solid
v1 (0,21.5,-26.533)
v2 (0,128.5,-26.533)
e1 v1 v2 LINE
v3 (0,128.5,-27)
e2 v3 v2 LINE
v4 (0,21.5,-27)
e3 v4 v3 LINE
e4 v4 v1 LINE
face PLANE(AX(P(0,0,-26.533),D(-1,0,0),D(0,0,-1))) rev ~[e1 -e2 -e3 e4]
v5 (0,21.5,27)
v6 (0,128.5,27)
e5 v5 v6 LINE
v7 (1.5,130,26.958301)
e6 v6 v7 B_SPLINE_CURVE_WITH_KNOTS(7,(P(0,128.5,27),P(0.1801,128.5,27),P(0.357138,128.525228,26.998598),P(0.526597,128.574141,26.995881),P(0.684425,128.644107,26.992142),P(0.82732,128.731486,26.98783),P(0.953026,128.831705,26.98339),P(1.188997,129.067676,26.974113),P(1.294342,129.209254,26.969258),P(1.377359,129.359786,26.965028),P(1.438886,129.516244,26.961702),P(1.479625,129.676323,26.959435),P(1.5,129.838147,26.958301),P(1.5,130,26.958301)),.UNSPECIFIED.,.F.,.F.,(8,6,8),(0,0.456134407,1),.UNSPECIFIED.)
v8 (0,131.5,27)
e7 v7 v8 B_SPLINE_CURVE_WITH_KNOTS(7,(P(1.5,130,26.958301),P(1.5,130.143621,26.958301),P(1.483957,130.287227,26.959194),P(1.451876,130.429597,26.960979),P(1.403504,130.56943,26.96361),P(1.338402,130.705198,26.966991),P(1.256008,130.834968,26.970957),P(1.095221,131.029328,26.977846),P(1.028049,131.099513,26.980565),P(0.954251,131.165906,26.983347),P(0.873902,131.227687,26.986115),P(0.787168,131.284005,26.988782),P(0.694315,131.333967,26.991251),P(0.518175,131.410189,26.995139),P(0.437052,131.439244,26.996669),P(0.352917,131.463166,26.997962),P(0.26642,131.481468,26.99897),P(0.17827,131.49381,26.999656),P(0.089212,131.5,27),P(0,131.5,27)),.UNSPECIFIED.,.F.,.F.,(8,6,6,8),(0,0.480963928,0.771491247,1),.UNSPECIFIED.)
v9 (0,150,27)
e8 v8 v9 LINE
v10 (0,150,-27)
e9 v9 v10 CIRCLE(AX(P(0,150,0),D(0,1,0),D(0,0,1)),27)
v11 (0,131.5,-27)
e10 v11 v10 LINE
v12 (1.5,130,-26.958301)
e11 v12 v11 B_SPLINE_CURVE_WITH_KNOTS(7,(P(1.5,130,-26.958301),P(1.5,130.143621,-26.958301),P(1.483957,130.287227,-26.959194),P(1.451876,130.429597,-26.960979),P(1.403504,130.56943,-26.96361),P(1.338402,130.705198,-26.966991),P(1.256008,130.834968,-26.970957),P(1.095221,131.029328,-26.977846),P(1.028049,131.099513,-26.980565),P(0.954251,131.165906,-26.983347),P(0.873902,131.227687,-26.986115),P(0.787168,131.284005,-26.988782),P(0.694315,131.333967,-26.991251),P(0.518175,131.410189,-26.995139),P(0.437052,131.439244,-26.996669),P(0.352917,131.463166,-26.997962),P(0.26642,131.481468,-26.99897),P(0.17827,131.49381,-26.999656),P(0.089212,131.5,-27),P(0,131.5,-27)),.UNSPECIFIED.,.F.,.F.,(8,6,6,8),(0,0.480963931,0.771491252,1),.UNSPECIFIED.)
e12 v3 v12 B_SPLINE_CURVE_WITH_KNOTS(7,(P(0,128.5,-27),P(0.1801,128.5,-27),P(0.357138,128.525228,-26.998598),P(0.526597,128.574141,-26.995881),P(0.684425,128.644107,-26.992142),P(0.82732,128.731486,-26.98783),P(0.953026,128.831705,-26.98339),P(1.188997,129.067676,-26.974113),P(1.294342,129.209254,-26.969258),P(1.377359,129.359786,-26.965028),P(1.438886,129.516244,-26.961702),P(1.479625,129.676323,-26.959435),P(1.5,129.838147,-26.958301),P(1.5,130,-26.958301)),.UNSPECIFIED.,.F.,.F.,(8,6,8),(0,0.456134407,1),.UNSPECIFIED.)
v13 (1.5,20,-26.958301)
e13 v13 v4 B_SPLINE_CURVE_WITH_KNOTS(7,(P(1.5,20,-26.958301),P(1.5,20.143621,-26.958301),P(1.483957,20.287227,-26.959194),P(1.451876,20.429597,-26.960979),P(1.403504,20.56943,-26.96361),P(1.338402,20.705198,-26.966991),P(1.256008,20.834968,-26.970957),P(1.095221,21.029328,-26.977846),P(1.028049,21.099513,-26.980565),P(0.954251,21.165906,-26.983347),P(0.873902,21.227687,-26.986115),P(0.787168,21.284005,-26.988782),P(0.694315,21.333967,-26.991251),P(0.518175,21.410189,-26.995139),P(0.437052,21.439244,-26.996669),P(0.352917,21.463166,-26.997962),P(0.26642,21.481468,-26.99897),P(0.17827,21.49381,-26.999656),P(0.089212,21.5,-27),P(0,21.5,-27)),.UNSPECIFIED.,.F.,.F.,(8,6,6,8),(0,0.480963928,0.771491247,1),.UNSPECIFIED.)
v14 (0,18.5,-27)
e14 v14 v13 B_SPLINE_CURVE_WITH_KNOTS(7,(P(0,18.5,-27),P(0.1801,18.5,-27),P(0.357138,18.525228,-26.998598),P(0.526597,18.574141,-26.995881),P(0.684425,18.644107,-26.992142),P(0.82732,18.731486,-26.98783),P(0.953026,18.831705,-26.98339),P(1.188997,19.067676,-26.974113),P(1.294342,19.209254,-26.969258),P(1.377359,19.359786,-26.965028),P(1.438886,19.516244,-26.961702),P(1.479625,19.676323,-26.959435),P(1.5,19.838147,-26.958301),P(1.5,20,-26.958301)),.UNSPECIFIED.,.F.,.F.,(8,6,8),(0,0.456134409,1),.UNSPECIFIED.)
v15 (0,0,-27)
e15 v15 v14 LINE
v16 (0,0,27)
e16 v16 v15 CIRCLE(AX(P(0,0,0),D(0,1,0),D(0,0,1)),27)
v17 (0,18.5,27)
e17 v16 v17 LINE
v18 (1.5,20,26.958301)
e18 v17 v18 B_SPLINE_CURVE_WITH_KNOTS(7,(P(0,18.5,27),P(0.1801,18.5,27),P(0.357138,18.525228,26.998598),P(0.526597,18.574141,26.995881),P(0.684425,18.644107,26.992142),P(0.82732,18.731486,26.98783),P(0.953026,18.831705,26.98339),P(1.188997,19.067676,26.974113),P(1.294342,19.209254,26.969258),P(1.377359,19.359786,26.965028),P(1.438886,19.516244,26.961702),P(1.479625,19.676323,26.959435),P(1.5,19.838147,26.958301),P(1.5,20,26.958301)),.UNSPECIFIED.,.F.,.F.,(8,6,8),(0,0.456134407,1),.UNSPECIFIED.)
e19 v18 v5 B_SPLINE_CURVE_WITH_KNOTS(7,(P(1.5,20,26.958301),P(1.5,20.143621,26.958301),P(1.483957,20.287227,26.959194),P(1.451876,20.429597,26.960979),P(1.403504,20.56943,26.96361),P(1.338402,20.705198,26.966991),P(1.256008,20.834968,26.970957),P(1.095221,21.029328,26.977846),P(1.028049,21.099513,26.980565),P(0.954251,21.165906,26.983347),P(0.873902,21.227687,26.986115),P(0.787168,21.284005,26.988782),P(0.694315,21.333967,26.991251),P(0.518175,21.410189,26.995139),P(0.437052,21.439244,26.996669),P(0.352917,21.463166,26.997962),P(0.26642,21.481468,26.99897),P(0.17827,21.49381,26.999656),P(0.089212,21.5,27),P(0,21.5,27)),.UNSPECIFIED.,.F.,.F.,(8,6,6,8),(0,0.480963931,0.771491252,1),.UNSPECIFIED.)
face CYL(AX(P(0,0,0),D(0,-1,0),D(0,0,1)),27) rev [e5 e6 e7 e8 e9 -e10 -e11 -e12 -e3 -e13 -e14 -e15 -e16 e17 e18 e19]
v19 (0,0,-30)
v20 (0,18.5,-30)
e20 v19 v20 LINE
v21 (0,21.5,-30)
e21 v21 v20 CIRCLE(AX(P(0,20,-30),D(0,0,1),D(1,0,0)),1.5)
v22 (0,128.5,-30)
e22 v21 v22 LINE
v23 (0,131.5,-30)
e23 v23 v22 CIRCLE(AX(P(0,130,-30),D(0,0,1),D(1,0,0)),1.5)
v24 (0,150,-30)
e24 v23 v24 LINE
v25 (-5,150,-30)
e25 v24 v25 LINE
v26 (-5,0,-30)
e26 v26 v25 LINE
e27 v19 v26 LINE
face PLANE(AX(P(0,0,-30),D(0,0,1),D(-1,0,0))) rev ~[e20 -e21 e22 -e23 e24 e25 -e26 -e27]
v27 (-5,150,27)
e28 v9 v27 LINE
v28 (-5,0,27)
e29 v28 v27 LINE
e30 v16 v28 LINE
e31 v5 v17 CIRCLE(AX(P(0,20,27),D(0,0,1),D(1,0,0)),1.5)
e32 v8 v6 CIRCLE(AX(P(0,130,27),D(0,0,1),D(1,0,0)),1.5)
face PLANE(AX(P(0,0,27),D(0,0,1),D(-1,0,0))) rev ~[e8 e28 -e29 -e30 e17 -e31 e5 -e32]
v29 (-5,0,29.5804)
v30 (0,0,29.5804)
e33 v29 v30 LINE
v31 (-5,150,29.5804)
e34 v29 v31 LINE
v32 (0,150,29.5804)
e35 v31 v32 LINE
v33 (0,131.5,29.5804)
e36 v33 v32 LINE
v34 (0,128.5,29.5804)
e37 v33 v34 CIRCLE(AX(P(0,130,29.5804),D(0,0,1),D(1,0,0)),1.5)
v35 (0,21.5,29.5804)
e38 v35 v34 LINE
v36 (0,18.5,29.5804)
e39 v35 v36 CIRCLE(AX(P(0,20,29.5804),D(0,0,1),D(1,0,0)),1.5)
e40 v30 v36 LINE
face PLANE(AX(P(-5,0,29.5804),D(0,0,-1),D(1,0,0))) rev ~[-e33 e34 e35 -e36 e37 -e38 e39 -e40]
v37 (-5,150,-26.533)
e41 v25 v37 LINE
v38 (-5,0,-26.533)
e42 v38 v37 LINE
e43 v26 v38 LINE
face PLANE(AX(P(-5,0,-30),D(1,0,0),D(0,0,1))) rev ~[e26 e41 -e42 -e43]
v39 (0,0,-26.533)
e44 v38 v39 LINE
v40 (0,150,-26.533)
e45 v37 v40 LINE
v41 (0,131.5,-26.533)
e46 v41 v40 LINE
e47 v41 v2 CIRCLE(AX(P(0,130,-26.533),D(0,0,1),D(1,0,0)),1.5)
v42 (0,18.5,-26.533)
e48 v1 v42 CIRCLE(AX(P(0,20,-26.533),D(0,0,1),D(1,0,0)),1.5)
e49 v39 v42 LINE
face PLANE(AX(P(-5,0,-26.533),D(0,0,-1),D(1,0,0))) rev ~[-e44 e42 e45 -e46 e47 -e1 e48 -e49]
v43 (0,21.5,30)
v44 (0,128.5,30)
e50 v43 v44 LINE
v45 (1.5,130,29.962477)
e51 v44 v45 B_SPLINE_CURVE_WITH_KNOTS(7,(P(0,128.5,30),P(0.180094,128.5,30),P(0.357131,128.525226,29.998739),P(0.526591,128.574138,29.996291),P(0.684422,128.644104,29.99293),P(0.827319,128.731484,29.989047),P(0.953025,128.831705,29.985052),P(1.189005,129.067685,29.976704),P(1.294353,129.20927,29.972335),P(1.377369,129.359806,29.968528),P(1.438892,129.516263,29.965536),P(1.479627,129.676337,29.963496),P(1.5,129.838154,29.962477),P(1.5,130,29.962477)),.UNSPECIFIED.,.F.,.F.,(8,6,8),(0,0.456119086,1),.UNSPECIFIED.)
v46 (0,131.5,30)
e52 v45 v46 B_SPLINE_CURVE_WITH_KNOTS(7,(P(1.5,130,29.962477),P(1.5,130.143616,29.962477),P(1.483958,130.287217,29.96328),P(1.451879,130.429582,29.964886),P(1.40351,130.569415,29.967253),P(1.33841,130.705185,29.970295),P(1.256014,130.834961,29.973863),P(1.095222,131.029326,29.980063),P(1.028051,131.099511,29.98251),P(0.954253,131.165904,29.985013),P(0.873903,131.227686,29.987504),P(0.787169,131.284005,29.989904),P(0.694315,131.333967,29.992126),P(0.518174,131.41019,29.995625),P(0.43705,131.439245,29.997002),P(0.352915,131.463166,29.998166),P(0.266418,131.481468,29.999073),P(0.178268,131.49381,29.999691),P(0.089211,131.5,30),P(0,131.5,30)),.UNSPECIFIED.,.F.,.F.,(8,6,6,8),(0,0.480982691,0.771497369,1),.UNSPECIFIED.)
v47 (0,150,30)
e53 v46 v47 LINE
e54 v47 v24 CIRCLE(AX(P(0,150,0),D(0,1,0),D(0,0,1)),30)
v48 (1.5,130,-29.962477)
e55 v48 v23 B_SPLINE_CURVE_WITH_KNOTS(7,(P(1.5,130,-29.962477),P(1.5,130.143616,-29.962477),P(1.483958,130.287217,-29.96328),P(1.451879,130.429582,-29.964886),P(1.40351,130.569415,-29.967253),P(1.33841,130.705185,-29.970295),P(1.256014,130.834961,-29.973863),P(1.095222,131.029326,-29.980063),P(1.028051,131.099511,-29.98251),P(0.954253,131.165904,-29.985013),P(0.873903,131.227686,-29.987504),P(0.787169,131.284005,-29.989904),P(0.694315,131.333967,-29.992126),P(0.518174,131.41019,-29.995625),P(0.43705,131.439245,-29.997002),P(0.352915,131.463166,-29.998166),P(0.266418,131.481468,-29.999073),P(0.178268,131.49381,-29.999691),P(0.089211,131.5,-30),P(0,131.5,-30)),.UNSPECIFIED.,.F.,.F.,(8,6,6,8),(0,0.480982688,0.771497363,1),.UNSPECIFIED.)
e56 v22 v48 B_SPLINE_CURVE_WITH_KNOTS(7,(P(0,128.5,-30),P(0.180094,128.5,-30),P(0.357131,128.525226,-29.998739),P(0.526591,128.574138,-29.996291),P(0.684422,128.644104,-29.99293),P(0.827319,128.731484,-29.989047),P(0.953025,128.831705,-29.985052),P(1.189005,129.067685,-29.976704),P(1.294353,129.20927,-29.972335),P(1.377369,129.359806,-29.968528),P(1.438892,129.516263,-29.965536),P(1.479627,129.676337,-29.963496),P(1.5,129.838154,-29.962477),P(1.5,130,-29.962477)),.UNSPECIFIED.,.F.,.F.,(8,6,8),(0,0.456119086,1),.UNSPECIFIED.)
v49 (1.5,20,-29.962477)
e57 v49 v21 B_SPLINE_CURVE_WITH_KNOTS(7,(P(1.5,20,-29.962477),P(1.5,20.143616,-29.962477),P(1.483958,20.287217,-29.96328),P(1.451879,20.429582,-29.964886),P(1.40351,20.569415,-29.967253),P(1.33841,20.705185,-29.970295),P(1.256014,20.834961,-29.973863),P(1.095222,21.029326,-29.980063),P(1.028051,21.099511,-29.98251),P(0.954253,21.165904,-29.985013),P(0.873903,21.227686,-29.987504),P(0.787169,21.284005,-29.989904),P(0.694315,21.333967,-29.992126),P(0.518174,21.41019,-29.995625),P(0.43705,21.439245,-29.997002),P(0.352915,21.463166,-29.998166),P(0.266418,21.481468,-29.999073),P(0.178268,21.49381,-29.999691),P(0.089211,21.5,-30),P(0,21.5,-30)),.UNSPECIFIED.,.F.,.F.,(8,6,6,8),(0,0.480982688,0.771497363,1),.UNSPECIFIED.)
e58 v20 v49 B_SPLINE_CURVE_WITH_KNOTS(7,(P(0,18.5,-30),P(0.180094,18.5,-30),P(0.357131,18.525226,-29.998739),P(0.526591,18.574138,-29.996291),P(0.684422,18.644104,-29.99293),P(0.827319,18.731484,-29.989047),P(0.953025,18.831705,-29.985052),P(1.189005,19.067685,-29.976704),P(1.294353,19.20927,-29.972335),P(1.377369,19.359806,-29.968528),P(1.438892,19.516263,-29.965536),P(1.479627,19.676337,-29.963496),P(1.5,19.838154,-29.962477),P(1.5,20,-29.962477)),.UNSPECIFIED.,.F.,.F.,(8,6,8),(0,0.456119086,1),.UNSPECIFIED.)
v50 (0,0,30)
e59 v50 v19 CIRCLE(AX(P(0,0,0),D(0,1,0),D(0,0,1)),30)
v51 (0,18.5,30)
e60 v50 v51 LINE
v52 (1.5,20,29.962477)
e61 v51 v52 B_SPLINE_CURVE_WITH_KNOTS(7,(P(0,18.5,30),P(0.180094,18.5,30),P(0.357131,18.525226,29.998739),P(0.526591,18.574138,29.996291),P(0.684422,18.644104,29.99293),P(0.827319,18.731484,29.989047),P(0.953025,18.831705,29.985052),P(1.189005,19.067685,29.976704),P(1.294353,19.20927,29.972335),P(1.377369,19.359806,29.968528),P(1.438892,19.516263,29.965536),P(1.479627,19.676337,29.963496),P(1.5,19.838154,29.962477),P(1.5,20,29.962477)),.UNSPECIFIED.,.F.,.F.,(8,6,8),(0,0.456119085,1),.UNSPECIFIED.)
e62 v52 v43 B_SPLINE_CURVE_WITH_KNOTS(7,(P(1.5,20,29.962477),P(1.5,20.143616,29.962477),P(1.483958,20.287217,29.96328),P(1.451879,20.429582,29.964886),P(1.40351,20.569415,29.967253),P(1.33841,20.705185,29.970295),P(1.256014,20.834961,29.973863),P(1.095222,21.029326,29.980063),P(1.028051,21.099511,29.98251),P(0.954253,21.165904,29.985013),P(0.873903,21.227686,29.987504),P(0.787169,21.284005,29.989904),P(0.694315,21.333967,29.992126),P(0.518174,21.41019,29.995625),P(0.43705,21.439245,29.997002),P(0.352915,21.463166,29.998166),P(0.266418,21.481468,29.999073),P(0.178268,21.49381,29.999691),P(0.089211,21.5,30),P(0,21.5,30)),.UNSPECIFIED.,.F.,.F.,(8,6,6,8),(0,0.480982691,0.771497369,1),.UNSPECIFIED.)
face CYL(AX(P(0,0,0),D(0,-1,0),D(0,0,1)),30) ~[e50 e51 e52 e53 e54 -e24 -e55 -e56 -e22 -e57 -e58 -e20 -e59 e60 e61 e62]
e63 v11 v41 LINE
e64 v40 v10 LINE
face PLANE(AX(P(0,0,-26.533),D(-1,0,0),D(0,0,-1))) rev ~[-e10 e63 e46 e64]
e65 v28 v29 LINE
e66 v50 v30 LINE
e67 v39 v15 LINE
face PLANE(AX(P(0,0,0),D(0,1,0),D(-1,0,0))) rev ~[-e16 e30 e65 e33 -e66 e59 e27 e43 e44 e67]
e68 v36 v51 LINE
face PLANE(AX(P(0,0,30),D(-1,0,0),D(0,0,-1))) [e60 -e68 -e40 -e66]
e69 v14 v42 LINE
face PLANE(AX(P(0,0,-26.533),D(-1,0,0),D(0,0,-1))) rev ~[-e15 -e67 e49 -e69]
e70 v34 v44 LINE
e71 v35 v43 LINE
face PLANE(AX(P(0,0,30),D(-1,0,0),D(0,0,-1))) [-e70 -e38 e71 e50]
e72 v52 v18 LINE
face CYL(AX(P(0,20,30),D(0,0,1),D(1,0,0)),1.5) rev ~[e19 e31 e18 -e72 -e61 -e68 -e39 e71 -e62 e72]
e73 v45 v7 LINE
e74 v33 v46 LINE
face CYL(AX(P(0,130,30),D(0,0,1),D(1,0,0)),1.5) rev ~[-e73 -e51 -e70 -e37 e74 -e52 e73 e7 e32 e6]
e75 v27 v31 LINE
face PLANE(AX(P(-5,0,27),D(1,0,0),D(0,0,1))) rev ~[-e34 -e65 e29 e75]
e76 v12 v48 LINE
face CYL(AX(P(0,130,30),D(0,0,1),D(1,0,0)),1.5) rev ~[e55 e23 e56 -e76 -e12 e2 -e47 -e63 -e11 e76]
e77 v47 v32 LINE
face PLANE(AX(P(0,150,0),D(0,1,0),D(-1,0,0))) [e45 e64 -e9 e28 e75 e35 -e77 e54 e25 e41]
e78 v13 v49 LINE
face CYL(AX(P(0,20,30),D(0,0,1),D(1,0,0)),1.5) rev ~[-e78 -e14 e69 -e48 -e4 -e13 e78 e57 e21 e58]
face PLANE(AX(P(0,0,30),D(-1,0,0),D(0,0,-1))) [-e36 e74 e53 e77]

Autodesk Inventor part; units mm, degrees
ref_plane "YZ Plane" through (0, 0, 0) normal (1, 0, 0) x (0, 1, 0)
sketch "Sketch1" plane through (0, 0, 0) normal (0, 1, 0) x (-1, 0, 0)
  arc A0 (0, 27) -> (0, -27) centre (0, 0) ccw
  arc A1 (0, 30) -> (0, -30) centre (0, 0) ccw
  line L0 (0, 30) -> (0, 27)
  line L1 (0, -27) -> (0, -30)
  line L2 (0, -30) -> (5, -30)
  line L3 (5, -30) -> (5, -26.533)
  line L4 (5, -26.533) -> (0, -26.533)
  line L5 (0, -26.533) -> (0, -30)
  line L6 (0, 27) -> (5, 27)
  line L7 (5, 27) -> (5, 29.5804)
  line L8 (5, 29.5804) -> (0, 29.5804)
  line L9 (0, 29.5804) -> (0, 27)
  dimension "d0" = 30
  dimension "d1" = 27
  dimension "d31" = 5
  dimension "d32" = 5
extrude "Extrusion1" add sketch "Sketch1" along normal blind 150
ref_plane "Work Plane2" through (0, 0, 30) normal (0, 0, 1) x (1, 0, 0)
sketch "Sketch3" plane through (0, 0, 30) normal (0, 0, 1) x (1, 0, 0)
  circle A0 centre (0, 20) radius 1.5
  circle A1 centre (0, 130) radius 1.5
  line L0 (0, 0) -> (30, 0) projected
  line L1 (0, 0) -> (0, 150) projected
  line L2 (30, 150) -> (0, 150) projected
  line L3 (-5, 0) -> (-5, 150) projected
  dimension "d14" = 3
  dimension "d15" = 20
  dimension "d17" = 3
  dimension "d18" = 20
  dimension "d33" = 5
  dimension "d34" = 5
extrude "Extrusion3" cut sketch "Sketch3" against normal through all
ref_plane "Work Plane3" through (0, 0, -30) normal (0, 0, 1) x (1, 0, 0)
properties part number "goulotte"
